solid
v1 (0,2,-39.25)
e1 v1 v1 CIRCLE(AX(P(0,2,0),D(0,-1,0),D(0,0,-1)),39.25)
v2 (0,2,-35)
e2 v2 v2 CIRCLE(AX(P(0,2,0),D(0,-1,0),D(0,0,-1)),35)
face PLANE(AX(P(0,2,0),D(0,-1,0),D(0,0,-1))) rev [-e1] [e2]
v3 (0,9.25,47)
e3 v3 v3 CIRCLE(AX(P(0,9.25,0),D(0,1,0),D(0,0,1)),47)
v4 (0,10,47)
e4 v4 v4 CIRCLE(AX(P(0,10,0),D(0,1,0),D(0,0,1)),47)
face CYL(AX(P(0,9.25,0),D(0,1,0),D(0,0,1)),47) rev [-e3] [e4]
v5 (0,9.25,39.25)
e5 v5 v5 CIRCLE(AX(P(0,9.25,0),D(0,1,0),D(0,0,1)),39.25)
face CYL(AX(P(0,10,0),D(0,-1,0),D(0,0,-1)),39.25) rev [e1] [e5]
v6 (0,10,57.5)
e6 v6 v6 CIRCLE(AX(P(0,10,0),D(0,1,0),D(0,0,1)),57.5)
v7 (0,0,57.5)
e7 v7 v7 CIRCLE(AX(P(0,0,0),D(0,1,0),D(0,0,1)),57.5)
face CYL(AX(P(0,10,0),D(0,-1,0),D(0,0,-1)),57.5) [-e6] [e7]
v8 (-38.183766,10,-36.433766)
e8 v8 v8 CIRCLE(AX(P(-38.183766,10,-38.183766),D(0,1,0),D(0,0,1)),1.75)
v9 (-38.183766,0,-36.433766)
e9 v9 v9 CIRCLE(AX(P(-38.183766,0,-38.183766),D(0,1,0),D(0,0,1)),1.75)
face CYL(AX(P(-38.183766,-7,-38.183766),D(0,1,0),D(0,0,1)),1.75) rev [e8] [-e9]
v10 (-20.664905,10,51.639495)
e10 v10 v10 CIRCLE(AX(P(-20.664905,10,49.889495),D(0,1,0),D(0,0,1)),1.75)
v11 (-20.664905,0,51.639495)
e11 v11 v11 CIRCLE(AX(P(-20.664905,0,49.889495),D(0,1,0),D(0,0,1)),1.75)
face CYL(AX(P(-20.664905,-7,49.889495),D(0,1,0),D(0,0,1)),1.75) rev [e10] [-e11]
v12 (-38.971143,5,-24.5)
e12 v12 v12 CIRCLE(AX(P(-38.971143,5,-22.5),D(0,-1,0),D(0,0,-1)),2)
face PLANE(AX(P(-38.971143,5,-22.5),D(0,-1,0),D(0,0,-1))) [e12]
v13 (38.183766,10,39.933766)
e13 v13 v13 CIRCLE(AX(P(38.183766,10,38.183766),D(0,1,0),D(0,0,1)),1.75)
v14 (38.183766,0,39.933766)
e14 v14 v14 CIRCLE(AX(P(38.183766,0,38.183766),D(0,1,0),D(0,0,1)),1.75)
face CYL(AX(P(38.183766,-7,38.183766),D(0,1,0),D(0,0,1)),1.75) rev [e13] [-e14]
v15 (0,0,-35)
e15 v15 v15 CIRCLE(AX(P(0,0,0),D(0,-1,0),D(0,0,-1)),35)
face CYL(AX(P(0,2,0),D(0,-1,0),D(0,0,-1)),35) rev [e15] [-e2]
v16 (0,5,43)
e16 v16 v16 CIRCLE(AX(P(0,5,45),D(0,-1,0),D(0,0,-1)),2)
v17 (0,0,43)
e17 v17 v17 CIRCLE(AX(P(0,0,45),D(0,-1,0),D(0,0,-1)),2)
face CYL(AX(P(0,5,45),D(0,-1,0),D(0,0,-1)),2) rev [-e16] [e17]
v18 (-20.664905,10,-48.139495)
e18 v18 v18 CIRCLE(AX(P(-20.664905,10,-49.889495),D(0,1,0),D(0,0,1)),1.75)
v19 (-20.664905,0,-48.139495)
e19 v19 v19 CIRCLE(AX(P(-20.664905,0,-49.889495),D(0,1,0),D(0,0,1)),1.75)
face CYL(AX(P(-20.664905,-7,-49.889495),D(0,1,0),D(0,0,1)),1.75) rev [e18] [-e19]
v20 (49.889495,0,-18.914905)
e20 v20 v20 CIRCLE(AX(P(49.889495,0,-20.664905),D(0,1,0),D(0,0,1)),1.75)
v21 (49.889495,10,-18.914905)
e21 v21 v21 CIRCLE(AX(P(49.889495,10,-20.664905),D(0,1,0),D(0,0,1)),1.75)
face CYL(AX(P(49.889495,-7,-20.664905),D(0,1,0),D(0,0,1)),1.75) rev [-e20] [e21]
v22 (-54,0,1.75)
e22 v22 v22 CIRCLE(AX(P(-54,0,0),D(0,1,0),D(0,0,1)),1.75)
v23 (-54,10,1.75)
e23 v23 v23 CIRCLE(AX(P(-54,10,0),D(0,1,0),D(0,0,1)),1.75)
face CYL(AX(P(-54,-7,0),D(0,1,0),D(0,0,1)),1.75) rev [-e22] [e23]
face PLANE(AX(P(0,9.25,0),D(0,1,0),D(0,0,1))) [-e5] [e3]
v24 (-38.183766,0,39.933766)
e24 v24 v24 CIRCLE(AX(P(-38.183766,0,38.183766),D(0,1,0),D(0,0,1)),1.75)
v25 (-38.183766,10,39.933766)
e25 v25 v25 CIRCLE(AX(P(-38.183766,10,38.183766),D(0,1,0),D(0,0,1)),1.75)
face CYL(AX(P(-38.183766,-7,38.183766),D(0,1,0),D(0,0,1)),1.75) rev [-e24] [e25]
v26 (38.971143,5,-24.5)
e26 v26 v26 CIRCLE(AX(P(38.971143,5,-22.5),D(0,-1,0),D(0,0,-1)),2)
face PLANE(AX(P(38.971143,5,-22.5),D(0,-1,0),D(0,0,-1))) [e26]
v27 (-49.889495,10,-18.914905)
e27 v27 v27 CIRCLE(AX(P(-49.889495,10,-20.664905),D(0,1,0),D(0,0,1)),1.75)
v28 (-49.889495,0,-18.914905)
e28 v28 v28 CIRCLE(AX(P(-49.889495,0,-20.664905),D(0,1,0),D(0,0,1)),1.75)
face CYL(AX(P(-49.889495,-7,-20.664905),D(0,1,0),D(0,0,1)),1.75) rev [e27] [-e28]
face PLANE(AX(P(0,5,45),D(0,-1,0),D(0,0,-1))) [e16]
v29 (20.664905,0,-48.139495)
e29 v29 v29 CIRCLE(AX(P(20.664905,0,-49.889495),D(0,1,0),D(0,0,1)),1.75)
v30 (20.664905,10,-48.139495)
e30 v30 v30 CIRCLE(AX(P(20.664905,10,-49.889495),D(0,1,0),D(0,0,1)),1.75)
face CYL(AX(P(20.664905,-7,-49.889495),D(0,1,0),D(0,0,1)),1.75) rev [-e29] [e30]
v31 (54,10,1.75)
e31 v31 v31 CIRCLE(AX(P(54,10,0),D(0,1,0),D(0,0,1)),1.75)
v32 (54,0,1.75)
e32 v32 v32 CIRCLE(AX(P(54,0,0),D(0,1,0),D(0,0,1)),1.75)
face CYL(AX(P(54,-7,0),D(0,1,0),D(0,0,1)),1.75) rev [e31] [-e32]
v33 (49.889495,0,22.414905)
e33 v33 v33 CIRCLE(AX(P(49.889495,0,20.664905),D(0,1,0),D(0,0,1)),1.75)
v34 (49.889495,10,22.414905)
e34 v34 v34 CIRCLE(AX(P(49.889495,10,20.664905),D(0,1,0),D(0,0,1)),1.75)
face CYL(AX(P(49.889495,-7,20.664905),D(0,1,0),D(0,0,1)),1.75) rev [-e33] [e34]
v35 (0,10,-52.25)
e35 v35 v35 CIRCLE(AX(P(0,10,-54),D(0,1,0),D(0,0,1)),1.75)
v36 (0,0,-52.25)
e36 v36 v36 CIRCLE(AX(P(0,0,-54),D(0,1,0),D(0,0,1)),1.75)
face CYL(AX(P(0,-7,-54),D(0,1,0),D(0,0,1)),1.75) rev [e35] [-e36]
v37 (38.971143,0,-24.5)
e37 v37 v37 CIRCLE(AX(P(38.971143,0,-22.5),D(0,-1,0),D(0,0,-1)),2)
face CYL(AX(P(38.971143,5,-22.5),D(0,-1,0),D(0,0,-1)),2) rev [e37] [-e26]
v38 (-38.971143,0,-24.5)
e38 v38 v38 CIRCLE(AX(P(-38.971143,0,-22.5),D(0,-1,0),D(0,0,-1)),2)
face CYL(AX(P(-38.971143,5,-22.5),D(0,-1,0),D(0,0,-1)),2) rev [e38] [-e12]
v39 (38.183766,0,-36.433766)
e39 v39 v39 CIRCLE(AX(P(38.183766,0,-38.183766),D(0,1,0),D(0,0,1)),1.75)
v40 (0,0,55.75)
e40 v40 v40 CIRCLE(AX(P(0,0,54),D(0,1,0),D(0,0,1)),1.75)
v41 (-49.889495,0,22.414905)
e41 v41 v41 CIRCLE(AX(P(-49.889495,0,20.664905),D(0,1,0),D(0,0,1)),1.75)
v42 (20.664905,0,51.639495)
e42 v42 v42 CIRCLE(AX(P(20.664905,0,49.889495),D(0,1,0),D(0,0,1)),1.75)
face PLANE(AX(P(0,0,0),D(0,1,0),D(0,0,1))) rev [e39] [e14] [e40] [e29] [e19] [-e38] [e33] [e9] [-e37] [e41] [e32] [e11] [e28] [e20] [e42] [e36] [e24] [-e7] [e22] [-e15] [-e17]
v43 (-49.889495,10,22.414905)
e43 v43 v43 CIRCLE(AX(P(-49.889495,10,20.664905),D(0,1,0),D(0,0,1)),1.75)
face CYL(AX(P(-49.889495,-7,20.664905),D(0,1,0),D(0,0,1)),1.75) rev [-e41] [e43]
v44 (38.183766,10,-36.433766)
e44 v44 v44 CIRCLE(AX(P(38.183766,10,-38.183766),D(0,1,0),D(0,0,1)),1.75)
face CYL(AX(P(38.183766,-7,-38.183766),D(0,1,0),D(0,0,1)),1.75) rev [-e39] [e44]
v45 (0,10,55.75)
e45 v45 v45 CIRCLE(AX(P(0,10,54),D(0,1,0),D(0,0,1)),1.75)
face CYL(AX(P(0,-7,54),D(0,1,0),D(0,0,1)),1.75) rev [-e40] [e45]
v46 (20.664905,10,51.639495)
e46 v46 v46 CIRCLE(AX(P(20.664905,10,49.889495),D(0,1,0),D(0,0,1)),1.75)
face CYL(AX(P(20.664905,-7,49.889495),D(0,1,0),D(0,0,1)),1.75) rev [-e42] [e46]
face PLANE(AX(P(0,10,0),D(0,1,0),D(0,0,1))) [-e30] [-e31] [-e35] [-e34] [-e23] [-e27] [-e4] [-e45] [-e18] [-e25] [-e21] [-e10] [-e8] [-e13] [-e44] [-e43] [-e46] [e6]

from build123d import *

# Parameters (mm, degrees)
SKETCH1_R           = 57.5
SKETCH1_R_2         = 39.25
BOSS_EXTRUDE1_DEPTH = 10
SKETCH2_R           = 1.75
CUT_EXTRUDE1_DEPTH  = 17
SKETCH3_R           = 47
CUT_EXTRUDE2_DEPTH  = 0.75
SKETCH5_R           = 2
CUT_EXTRUDE3_DEPTH  = 5
SKETCH6_R           = 39.25
SKETCH6_R_2         = 35
BOSS_EXTRUDE2_DEPTH = 2


with BuildPart() as part:
    # Sketch1 → Boss-Extrude1 (new body)
    with BuildSketch(Plane(origin=(0, 0, 0), x_dir=(1, 0, 0), z_dir=(0, 1, 0))):
        with Locations(Location((0, 0, 0), (0, 0, 270))):
            Circle(SKETCH1_R)
        with Locations(Location((0, 0, 0), (0, 0, 270))):
            Circle(SKETCH1_R_2, mode=Mode.SUBTRACT)
    extrude(amount=BOSS_EXTRUDE1_DEPTH)

    # Sketch2 → Cut-Extrude1 (cut)
    with BuildSketch(Plane(origin=(0, 10, 0), x_dir=(1, 0, 0), z_dir=(0, 1, 0))):
        with Locations(Location((0, 54, 0), (0, 0, 270))):
            Circle(SKETCH2_R)
        with Locations(Location((20.664905348, 49.889494756, 0), (0, 0, 270))):
            Circle(SKETCH2_R)
        with Locations(Location((38.183766184, 38.183766184, 0), (0, 0, 270))):
            Circle(SKETCH2_R)
        with Locations(Location((49.889494756, 20.664905348, 0), (0, 0, 270))):
            Circle(SKETCH2_R)
        with Locations(Location((54, 0, 0), (0, 0, 270))):
            Circle(SKETCH2_R)
        with Locations(Location((49.889494756, -20.664905348, 0), (0, 0, 270))):
            Circle(SKETCH2_R)
        with Locations(Location((38.183766184, -38.183766184, 0), (0, 0, 270))):
            Circle(SKETCH2_R)
        with Locations(Location((20.664905348, -49.889494756, 0), (0, 0, 270))):
            Circle(SKETCH2_R)
        with Locations(Location((0, -54, 0), (0, 0, 270))):
            Circle(SKETCH2_R)
        with Locations(Location((-20.664905348, -49.889494756, 0), (0, 0, 270))):
            Circle(SKETCH2_R)
        with Locations(Location((-38.183766184, -38.183766184, 0), (0, 0, 270))):
            Circle(SKETCH2_R)
        with Locations(Location((-49.889494756, -20.664905348, 0), (0, 0, 270))):
            Circle(SKETCH2_R)
        with Locations(Location((-54, 0, 0), (0, 0, 270))):
            Circle(SKETCH2_R)
        with Locations(Location((-49.889494756, 20.664905348, 0), (0, 0, 270))):
            Circle(SKETCH2_R)
        with Locations(Location((-38.183766184, 38.183766184, 0), (0, 0, 270))):
            Circle(SKETCH2_R)
        with Locations(Location((-20.664905348, 49.889494756, 0), (0, 0, 270))):
            Circle(SKETCH2_R)
    extrude(amount=-CUT_EXTRUDE1_DEPTH, mode=Mode.SUBTRACT)

    # Sketch3 → Cut-Extrude2 (cut)
    with BuildSketch(Plane(origin=(0, 10, 0), x_dir=(1, 0, 0), z_dir=(0, 1, 0))):
        with Locations(Location((0, 0, 0), (0, 0, 270))):
            Circle(SKETCH3_R)
    extrude(amount=-CUT_EXTRUDE2_DEPTH, mode=Mode.SUBTRACT)

    # Sketch5 → Cut-Extrude3 (cut)
    with BuildSketch(Plane.XZ):
        with Locations(Location((0, 45, 0), (0, 0, 270))):
            Circle(SKETCH5_R)
        with Locations(Location((38.97114317, -22.5, 0), (0, 0, 270))):
            Circle(SKETCH5_R)
        with Locations(Location((-38.97114317, -22.5, 0), (0, 0, 270))):
            Circle(SKETCH5_R)
    extrude(amount=-CUT_EXTRUDE3_DEPTH, mode=Mode.SUBTRACT)

    # Sketch6 → Boss-Extrude2 (add)
    with BuildSketch(Plane.XZ):
        with Locations(Location((0, 0, 0), (0, 0, 270))):
            Circle(SKETCH6_R)
        with Locations(Location((0, 0, 0), (0, 0, 270))):
            Circle(SKETCH6_R_2, mode=Mode.SUBTRACT)
    extrude(amount=-BOSS_EXTRUDE2_DEPTH)


solid = part.part
